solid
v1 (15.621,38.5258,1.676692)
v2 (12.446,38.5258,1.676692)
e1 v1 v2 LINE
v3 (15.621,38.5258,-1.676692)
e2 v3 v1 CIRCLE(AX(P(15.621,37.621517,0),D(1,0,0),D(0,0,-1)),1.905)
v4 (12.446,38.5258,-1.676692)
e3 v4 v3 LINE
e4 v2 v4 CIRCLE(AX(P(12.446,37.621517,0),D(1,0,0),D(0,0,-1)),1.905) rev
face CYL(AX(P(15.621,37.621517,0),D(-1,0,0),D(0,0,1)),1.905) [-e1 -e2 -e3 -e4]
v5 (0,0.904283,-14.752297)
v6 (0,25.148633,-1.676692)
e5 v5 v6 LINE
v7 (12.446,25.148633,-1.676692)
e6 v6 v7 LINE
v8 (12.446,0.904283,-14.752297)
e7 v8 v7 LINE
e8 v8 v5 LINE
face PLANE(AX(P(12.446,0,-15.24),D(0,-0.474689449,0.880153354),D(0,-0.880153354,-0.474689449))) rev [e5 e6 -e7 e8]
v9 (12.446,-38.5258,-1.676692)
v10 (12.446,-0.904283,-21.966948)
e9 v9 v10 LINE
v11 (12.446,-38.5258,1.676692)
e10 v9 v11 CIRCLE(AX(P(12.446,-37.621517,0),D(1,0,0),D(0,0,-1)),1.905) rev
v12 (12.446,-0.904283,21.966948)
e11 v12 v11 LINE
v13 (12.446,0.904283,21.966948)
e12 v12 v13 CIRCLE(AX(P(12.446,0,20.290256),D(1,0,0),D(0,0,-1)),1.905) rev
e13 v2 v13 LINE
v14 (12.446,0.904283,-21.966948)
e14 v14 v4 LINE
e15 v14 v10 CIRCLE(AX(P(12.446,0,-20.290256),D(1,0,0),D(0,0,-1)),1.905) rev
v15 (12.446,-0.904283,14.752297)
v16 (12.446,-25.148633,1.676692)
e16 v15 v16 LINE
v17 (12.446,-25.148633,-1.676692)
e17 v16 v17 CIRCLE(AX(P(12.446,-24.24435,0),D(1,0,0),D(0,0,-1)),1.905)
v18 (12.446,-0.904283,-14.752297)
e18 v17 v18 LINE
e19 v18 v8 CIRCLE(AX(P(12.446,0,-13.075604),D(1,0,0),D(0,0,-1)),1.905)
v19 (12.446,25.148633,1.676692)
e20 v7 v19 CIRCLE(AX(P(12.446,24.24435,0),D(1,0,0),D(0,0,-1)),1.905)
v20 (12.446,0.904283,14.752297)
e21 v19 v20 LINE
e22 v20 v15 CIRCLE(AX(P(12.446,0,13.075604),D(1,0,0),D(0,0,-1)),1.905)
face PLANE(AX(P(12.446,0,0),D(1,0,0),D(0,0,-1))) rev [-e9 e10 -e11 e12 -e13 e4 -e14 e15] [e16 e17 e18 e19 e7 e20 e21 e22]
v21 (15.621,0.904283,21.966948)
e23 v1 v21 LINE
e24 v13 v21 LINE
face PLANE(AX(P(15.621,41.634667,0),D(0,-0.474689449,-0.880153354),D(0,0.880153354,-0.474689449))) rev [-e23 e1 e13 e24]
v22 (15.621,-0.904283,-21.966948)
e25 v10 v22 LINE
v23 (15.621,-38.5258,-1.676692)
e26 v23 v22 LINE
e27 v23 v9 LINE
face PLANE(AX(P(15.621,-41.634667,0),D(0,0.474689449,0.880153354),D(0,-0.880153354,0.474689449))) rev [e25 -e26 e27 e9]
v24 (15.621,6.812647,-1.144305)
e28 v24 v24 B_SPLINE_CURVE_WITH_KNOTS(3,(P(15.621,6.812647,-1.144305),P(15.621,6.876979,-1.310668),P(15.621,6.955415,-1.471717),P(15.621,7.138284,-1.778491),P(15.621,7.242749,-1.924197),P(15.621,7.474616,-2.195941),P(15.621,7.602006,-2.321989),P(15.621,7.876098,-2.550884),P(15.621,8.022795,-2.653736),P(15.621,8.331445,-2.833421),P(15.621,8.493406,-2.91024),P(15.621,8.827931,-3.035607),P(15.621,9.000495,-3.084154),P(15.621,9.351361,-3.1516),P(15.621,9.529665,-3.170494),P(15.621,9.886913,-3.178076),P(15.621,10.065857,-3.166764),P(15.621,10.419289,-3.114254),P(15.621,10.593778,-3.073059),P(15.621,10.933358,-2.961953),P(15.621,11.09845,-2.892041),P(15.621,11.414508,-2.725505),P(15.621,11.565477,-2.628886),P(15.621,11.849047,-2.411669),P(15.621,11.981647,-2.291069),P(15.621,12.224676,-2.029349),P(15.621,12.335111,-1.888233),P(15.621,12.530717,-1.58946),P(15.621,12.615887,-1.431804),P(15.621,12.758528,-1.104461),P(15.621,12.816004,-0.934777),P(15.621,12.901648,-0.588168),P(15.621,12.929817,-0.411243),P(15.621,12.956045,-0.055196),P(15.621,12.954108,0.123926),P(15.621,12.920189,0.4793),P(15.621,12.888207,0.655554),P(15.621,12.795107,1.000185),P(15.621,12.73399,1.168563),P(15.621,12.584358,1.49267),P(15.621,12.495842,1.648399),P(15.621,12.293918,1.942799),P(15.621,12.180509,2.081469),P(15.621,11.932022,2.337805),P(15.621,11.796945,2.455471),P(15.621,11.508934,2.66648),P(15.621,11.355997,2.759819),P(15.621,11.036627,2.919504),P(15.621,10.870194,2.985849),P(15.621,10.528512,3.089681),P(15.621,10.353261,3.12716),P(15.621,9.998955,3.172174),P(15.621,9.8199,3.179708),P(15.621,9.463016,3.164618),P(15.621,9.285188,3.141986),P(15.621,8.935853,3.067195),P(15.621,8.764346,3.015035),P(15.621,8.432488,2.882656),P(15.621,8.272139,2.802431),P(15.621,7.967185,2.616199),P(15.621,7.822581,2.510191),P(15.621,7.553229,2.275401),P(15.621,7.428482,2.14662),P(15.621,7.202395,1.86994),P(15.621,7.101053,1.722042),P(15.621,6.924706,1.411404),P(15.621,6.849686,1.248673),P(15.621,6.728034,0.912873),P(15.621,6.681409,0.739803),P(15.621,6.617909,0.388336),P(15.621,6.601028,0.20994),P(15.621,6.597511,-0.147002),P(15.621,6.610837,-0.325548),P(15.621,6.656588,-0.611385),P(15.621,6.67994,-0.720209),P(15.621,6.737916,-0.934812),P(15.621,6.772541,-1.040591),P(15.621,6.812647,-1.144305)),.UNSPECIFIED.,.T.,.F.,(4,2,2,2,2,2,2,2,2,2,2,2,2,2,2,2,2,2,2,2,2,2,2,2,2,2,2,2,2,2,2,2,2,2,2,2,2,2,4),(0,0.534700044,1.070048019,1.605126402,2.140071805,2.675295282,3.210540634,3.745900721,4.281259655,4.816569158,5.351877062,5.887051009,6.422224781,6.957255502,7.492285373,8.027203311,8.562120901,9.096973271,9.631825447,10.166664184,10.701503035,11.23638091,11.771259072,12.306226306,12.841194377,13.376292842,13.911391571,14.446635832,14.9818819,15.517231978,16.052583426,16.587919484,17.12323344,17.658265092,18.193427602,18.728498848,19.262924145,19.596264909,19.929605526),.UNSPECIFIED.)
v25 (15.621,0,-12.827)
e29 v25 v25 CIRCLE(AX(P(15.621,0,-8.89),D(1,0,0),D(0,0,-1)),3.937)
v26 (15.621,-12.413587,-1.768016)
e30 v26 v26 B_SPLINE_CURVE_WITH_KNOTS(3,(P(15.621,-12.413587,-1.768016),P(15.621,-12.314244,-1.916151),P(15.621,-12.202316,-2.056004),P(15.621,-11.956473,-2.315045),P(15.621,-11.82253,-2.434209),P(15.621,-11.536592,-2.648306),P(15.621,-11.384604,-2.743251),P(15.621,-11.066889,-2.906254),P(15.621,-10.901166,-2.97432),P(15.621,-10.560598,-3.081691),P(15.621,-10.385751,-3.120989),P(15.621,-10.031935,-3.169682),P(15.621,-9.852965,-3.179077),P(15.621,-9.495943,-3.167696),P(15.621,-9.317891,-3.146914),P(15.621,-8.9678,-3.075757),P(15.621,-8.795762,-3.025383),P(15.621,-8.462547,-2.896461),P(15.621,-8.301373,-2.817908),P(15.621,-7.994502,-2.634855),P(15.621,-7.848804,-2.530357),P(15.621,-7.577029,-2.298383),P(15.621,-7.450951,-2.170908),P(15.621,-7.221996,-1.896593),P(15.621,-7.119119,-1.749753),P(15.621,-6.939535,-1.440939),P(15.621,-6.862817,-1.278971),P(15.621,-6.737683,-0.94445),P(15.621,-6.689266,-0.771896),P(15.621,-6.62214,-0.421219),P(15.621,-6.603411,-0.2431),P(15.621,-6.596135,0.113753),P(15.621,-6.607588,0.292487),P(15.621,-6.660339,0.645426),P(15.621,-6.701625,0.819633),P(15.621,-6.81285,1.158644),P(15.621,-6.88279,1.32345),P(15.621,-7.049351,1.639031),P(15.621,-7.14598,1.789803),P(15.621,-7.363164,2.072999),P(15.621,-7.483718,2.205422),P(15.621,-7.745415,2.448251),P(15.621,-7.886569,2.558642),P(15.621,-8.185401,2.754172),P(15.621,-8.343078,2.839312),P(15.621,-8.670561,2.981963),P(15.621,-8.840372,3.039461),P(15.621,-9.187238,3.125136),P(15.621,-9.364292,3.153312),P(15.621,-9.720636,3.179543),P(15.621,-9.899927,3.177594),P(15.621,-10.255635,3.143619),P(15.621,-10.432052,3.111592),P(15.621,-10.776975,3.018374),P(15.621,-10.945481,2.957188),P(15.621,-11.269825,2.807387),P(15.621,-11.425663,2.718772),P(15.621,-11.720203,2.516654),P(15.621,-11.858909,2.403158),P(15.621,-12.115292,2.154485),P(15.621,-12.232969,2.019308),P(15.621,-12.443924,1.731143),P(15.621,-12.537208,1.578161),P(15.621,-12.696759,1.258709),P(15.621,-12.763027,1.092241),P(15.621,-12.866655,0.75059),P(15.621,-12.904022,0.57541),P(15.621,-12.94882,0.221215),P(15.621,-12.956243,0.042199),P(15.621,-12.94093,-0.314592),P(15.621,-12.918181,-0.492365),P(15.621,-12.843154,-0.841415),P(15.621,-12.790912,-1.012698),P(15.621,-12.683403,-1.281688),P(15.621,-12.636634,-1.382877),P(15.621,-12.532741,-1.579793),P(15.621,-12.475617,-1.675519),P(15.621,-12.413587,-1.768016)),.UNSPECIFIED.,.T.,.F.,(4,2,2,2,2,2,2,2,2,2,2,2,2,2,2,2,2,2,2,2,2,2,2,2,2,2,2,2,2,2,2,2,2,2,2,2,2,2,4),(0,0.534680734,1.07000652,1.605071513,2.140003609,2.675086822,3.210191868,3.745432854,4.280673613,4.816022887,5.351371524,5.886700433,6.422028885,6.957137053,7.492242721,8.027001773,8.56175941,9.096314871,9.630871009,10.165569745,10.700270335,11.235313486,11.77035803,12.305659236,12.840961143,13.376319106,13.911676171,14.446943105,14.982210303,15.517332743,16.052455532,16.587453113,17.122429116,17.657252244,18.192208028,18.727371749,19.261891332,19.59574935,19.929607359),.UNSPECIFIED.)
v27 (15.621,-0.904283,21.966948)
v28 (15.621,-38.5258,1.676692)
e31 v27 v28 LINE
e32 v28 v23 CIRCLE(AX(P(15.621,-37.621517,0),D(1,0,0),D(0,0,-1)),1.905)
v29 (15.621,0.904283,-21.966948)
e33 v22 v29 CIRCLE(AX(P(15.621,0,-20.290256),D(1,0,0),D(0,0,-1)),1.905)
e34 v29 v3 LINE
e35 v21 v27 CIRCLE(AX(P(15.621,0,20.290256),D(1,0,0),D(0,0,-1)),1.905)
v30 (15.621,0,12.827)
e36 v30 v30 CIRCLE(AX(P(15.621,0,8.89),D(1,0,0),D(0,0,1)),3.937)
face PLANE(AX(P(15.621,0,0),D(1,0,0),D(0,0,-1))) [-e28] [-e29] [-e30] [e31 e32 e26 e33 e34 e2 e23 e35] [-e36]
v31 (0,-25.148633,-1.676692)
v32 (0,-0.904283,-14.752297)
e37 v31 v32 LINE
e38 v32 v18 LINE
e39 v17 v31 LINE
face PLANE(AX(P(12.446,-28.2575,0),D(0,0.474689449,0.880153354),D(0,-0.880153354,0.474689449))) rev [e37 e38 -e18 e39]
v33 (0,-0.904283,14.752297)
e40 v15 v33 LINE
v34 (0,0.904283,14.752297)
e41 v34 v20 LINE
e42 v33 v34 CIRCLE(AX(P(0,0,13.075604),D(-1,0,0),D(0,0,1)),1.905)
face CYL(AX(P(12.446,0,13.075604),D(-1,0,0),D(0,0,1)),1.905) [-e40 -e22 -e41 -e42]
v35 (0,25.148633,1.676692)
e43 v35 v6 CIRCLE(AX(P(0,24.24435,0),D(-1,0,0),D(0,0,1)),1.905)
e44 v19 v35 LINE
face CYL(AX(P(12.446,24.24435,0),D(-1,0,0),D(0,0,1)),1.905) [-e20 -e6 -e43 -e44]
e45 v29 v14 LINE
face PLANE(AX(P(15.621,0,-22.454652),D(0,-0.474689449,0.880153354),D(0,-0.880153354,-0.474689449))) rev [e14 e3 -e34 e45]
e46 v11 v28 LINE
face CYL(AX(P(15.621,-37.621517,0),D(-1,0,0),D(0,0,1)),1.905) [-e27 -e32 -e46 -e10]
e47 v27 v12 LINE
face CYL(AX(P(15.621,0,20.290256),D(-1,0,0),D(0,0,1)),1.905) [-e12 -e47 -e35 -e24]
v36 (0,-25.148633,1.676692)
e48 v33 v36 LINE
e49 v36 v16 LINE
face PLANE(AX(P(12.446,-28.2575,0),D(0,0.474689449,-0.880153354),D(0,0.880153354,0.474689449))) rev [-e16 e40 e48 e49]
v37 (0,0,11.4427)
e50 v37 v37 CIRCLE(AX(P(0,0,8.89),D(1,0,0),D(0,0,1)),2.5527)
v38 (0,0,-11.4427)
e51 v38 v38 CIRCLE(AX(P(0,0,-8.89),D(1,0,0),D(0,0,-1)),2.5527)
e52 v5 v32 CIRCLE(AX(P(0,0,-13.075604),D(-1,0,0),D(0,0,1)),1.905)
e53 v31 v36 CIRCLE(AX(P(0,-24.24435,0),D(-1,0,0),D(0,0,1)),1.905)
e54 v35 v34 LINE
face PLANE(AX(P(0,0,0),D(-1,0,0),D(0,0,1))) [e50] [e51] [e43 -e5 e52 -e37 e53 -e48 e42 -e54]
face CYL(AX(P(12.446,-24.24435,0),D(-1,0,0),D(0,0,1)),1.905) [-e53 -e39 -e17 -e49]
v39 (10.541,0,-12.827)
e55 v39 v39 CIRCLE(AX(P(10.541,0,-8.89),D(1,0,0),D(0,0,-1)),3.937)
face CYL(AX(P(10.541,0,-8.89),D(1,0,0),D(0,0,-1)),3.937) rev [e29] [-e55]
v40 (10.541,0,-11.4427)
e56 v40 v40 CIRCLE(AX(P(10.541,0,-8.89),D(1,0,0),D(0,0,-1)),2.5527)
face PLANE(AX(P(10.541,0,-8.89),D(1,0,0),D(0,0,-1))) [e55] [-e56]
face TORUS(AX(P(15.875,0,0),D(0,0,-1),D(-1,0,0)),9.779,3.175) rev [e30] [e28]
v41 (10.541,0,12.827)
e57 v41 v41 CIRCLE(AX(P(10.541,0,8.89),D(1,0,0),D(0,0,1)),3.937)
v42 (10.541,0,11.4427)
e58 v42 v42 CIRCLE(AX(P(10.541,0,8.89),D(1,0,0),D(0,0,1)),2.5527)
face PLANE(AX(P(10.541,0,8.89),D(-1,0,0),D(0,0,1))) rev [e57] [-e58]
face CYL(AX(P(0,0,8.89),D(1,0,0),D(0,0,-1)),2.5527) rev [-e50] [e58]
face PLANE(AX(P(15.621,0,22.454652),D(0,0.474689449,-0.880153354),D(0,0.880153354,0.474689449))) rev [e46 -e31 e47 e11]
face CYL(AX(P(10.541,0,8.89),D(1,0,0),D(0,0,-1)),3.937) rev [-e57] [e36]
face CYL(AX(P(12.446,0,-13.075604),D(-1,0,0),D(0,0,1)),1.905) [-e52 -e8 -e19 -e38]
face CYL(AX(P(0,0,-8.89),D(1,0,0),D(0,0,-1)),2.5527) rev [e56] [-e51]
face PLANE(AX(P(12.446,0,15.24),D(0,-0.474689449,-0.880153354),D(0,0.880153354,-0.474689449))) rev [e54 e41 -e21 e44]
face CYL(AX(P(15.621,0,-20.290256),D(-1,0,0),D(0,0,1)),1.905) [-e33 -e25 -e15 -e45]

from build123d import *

# Parameters (mm, degrees)
BOSS_EXTRUDE1_DEPTH = 12.446
BOSS_EXTRUDE3_DEPTH = 3.175
FILLET1_R           = 1.905
SKETCH7_R           = 3.175
SKETCH8_R           = 3.937
CUT_EXTRUDE3_DEPTH  = 5.08
SKETCH9_R           = 2.5527
CUT_EXTRUDE4_DEPTH  = 47.541246528


with BuildPart() as part:
    # Sketch1 → Boss-Extrude1 (new body)
    with BuildSketch(Plane(origin=(0, 0, 0), x_dir=(0, 0, -1), z_dir=(1, 0, 0))):
        Polygon((0, -28.2575), (15.24, 0), (0, 28.2575), (-15.24, 0), align=None)
    extrude(amount=BOSS_EXTRUDE1_DEPTH)

    # Sketch6 → Boss-Extrude3 (add)
    with BuildSketch(Plane(origin=(12.446, 0, 0), x_dir=(0, 0, -1), z_dir=(1, 0, 0))):
        Polygon((-22.454651823, 0), (0, -41.634666921), (22.454651823, 0), (0, 41.634666921), align=None)
    extrude(amount=BOSS_EXTRUDE3_DEPTH)

    # Fillet1
    fillet1_edges = [part.edges().sort_by_distance(p)[0] for p in [
        (14.0335, 41.634666921, 0),
        (14.0335, 0, 22.454651823),
        (14.0335, -41.634666921, 0),
        (14.0335, 0, -22.454651823),
        (6.223, 0, -15.24),
        (6.223, -28.2575, 0),
        (6.223, 0, 15.24),
        (6.223, 28.2575, 0),
    ]]
    fillet(fillet1_edges, radius=FILLET1_R)

    # Sketch7 → Cut-Revolve2 (revolve, cut)
    with BuildSketch(Plane(origin=(0, 0, 0), x_dir=(1, 0, 0), z_dir=(0, 1, 0))):
        with Locations((6.096, 0)):
            Circle(SKETCH7_R)
    revolve(axis=Axis((15.875, 0, 0), (0, 0, 1)), mode=Mode.SUBTRACT)

    # Sketch8 → Cut-Extrude3 (cut)
    with BuildSketch(Plane(origin=(15.621, 0, 0), x_dir=(0, 0, -1), z_dir=(1, 0, 0))):
        with Locations((8.89, 0)):
            Circle(SKETCH8_R)
        with Locations(Location((-8.89, 0, 0), (0, 0, 180))):
            Circle(SKETCH8_R)
    extrude(amount=-CUT_EXTRUDE3_DEPTH, mode=Mode.SUBTRACT)

    # Sketch9 → Cut-Extrude4 (cut, through all)
    with BuildSketch(Plane(origin=(10.541, 0, 0), x_dir=(0, 0, -1), z_dir=(1, 0, 0))):
        with Locations((8.89, 0)):
            Circle(SKETCH9_R)
        with Locations(Location((-8.89, 0, 0), (0, 0, 180))):
            Circle(SKETCH9_R)
    extrude(amount=-CUT_EXTRUDE4_DEPTH, mode=Mode.SUBTRACT)


solid = part.part
